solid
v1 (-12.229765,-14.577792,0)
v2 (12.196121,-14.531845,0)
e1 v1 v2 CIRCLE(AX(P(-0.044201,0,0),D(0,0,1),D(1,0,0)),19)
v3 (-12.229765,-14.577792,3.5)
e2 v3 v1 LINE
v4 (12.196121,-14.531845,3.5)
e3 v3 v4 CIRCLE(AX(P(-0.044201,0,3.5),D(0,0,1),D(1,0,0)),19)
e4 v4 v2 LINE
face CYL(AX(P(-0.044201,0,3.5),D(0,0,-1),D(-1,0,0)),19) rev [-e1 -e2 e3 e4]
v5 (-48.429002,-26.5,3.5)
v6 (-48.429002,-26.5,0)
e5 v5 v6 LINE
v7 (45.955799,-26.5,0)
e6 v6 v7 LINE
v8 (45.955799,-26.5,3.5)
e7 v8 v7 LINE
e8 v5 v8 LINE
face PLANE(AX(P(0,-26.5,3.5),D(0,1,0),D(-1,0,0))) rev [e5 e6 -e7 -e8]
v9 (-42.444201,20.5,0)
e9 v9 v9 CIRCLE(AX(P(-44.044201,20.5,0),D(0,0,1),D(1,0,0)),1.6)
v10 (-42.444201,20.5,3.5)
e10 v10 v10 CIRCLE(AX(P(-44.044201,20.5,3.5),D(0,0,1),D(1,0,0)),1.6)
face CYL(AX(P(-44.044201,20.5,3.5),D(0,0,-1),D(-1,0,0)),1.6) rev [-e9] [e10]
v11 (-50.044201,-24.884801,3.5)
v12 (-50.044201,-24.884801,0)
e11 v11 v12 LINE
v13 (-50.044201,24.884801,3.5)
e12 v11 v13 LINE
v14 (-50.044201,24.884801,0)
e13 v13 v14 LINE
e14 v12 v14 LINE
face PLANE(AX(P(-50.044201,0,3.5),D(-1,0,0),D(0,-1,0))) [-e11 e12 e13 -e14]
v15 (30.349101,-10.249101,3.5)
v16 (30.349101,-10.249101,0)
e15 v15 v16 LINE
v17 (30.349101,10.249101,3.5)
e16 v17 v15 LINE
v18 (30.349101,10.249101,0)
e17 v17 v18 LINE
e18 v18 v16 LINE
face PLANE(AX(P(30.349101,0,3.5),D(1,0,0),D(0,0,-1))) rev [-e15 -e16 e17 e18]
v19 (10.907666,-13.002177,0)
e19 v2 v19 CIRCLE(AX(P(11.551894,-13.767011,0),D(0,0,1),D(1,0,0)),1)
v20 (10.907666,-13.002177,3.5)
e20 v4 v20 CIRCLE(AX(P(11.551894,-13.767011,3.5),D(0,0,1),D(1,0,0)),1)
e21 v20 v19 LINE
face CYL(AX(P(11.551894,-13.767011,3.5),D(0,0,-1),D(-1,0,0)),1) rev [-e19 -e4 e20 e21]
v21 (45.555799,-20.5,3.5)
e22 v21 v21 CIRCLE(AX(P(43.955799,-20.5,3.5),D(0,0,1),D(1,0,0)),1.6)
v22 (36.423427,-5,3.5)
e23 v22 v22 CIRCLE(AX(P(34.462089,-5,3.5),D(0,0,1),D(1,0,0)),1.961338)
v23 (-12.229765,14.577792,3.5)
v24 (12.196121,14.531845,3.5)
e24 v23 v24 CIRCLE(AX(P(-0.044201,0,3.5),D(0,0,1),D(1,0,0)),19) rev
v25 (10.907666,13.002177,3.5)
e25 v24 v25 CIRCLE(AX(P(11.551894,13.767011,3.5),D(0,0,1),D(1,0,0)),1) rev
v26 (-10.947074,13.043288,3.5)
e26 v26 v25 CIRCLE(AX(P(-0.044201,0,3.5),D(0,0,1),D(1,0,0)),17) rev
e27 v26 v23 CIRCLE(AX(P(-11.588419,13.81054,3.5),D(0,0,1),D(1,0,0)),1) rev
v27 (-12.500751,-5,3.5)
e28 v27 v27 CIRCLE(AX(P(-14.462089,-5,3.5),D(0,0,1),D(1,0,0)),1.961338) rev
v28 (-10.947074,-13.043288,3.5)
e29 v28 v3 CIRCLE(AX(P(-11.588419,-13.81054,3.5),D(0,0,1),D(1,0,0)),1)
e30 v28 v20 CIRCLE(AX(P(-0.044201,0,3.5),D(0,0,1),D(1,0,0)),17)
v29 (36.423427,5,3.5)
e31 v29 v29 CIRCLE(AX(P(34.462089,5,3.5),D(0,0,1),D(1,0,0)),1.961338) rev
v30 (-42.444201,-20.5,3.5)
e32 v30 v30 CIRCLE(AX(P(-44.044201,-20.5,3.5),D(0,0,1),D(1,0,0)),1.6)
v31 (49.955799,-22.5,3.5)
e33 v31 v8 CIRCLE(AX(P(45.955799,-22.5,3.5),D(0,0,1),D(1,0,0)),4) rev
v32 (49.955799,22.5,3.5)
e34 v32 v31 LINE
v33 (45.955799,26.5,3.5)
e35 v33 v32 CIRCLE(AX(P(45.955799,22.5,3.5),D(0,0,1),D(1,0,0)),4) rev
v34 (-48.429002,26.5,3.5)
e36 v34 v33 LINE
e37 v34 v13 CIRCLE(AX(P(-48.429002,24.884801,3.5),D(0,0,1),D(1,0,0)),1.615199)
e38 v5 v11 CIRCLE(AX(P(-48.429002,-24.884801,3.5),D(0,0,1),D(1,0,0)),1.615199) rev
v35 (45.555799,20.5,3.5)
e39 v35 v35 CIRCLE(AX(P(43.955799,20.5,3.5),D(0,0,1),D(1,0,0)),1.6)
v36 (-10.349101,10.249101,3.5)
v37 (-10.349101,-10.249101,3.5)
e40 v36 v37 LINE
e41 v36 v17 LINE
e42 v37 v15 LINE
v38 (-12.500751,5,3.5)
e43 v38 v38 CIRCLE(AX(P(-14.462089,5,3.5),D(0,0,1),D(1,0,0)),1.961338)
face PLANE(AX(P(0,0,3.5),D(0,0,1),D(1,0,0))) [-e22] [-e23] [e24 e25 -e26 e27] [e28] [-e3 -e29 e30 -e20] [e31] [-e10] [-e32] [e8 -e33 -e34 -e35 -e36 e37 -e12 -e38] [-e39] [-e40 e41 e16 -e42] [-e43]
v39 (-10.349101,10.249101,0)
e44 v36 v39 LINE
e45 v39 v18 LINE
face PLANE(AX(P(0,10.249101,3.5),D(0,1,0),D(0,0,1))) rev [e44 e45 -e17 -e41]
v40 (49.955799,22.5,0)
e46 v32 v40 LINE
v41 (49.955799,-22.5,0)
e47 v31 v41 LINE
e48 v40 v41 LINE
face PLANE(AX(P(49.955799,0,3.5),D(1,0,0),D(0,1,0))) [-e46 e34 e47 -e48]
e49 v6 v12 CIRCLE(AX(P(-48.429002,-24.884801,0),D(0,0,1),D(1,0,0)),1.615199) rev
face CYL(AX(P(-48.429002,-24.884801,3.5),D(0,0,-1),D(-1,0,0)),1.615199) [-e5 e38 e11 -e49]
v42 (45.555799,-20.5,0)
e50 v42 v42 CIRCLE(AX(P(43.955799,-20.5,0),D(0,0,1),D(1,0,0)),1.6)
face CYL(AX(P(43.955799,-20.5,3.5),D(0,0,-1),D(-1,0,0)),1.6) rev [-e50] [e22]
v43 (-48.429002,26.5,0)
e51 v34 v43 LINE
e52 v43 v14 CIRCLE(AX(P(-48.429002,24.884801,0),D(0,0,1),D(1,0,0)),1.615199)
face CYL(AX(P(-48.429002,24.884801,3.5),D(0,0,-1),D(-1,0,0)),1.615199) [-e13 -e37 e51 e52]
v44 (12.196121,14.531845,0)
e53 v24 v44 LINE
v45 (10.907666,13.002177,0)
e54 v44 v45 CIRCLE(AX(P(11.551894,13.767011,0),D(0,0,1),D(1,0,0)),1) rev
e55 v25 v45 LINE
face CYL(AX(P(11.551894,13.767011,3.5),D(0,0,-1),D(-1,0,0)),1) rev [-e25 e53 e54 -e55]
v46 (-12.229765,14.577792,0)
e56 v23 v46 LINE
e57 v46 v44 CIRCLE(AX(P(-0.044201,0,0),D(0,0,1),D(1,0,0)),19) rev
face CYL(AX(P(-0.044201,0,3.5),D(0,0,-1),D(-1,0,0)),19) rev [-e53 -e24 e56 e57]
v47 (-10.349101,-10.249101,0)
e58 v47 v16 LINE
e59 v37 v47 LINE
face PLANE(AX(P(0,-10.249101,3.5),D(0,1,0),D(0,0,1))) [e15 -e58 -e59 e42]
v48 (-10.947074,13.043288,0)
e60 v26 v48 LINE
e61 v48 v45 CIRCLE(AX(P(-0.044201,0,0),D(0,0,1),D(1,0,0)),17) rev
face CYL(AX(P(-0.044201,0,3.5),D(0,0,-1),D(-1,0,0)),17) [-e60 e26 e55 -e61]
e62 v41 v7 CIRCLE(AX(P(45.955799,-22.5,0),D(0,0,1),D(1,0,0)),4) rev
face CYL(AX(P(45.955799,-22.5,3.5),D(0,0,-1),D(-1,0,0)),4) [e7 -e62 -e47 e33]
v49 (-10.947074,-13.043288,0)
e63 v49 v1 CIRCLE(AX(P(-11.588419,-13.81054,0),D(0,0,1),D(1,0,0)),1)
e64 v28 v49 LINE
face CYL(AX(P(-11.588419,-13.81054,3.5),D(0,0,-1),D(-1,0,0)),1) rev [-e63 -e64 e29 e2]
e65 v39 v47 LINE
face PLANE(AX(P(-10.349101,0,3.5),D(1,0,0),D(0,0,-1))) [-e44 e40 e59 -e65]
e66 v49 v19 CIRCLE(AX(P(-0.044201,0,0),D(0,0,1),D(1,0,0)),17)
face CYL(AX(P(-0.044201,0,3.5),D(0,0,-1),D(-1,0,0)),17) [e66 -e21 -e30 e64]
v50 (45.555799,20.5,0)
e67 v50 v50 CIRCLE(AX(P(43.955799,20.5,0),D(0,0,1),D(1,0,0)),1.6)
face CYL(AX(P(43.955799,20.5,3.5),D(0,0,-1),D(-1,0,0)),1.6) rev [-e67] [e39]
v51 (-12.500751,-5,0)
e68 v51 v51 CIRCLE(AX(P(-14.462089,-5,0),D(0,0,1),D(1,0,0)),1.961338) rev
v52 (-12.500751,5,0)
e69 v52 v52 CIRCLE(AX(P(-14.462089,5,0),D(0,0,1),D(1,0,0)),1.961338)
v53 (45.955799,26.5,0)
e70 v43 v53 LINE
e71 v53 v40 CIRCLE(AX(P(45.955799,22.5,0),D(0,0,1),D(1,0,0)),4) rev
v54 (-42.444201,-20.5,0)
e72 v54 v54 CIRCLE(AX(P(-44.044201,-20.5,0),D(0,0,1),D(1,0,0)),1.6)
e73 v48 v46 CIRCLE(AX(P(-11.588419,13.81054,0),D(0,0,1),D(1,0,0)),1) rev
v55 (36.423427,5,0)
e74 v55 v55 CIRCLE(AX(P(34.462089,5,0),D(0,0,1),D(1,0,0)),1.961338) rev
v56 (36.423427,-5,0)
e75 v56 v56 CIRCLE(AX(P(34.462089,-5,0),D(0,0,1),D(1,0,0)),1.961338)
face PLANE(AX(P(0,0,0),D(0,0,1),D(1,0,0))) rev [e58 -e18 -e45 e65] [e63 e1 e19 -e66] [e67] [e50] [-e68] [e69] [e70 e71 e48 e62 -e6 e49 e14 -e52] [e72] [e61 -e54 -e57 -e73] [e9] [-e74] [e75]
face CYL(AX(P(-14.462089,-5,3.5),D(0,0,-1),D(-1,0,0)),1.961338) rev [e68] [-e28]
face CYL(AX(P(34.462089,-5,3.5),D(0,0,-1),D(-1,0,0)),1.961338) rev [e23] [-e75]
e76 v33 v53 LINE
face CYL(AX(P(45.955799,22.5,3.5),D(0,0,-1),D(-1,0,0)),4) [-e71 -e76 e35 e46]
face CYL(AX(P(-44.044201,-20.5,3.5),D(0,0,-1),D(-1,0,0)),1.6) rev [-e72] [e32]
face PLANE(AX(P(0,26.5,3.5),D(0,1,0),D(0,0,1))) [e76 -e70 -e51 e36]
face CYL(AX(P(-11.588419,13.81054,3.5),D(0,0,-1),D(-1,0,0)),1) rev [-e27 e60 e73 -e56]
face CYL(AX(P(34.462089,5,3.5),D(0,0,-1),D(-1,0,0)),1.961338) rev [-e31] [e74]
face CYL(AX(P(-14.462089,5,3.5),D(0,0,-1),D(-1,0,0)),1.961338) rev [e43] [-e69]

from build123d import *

# Parameters (mm, degrees)
SKETCH1_R           = 1.6
SKETCH1_R_2         = 1.961338098
SKETCH1_W           = 40.698202598
SKETCH1_H           = 20.498202598
BOSS_EXTRUDE1_DEPTH = 3.5


with BuildPart() as part:
    # Sketch1 → Boss-Extrude1 (new body)
    with BuildSketch(Plane.XY):
        with BuildLine():
            ThreePointArc((-50.044200549, -24.884800983), (-49.571119709, -26.026919161), (-48.429001531, -26.5))
            Line((-48.429001531, -26.5), (45.955799451, -26.5))
            ThreePointArc((45.955799451, -26.5), (48.784226576, -25.328427125), (49.955799451, -22.5))
            Line((49.955799451, -22.5), (49.955799451, 22.5))
            ThreePointArc((49.955799451, 22.5), (48.784226576, 25.328427125), (45.955799451, 26.5))
            Line((45.955799451, 26.5), (-48.429001531, 26.5))
            ThreePointArc((-48.429001531, 26.5), (-49.571119709, 26.026919161), (-50.044200549, 24.884800983))
            Line((-50.044200549, 24.884800983), (-50.044200549, -24.884800983))
        make_face()
        with Locations((-44.044200549, -20.5)):
            Circle(SKETCH1_R, mode=Mode.SUBTRACT)
        with Locations((-14.462088638, -5)):
            Circle(SKETCH1_R_2, mode=Mode.SUBTRACT)
        with BuildLine():
            ThreePointArc((12.196121371, -14.531845007), (-0.008459876, -18.999966384), (-12.229764581, -14.57779233))
            ThreePointArc((-12.229764581, -14.57779233), (-12.355671334, -13.169194626), (-10.94707363, -13.043287874))
            ThreePointArc((-10.94707363, -13.043287874), (-0.012222052, -16.999969923), (10.907666432, -13.002177111))
            ThreePointArc((10.907666432, -13.002177111), (12.31672785, -13.122783589), (12.196121371, -14.531845007))
        make_face(mode=Mode.SUBTRACT)
        with Locations((43.955799451, -20.5)):
            Circle(SKETCH1_R, mode=Mode.SUBTRACT)
        with Locations((10, 0)):
            Rectangle(SKETCH1_W, SKETCH1_H, mode=Mode.SUBTRACT)
        with Locations((34.462088638, -5)):
            Circle(SKETCH1_R_2, mode=Mode.SUBTRACT)
        with Locations((-14.462088638, 5)):
            Circle(SKETCH1_R_2, mode=Mode.SUBTRACT)
        with Locations((-44.044200549, 20.5)):
            Circle(SKETCH1_R, mode=Mode.SUBTRACT)
        with Locations((34.462088638, 5)):
            Circle(SKETCH1_R_2, mode=Mode.SUBTRACT)
        with BuildLine():
            ThreePointArc((-10.94707363, 13.043287874), (-12.355671334, 13.169194626), (-12.229764581, 14.57779233))
            ThreePointArc((-12.229764581, 14.57779233), (-0.008459876, 18.999966384), (12.196121371, 14.531845007))
            ThreePointArc((12.196121371, 14.531845007), (12.31672785, 13.122783589), (10.907666432, 13.002177111))
            ThreePointArc((10.907666432, 13.002177111), (-0.012222052, 16.999969923), (-10.94707363, 13.043287874))
        make_face(mode=Mode.SUBTRACT)
        with Locations((43.955799451, 20.5)):
            Circle(SKETCH1_R, mode=Mode.SUBTRACT)
    extrude(amount=BOSS_EXTRUDE1_DEPTH)


solid = part.part
